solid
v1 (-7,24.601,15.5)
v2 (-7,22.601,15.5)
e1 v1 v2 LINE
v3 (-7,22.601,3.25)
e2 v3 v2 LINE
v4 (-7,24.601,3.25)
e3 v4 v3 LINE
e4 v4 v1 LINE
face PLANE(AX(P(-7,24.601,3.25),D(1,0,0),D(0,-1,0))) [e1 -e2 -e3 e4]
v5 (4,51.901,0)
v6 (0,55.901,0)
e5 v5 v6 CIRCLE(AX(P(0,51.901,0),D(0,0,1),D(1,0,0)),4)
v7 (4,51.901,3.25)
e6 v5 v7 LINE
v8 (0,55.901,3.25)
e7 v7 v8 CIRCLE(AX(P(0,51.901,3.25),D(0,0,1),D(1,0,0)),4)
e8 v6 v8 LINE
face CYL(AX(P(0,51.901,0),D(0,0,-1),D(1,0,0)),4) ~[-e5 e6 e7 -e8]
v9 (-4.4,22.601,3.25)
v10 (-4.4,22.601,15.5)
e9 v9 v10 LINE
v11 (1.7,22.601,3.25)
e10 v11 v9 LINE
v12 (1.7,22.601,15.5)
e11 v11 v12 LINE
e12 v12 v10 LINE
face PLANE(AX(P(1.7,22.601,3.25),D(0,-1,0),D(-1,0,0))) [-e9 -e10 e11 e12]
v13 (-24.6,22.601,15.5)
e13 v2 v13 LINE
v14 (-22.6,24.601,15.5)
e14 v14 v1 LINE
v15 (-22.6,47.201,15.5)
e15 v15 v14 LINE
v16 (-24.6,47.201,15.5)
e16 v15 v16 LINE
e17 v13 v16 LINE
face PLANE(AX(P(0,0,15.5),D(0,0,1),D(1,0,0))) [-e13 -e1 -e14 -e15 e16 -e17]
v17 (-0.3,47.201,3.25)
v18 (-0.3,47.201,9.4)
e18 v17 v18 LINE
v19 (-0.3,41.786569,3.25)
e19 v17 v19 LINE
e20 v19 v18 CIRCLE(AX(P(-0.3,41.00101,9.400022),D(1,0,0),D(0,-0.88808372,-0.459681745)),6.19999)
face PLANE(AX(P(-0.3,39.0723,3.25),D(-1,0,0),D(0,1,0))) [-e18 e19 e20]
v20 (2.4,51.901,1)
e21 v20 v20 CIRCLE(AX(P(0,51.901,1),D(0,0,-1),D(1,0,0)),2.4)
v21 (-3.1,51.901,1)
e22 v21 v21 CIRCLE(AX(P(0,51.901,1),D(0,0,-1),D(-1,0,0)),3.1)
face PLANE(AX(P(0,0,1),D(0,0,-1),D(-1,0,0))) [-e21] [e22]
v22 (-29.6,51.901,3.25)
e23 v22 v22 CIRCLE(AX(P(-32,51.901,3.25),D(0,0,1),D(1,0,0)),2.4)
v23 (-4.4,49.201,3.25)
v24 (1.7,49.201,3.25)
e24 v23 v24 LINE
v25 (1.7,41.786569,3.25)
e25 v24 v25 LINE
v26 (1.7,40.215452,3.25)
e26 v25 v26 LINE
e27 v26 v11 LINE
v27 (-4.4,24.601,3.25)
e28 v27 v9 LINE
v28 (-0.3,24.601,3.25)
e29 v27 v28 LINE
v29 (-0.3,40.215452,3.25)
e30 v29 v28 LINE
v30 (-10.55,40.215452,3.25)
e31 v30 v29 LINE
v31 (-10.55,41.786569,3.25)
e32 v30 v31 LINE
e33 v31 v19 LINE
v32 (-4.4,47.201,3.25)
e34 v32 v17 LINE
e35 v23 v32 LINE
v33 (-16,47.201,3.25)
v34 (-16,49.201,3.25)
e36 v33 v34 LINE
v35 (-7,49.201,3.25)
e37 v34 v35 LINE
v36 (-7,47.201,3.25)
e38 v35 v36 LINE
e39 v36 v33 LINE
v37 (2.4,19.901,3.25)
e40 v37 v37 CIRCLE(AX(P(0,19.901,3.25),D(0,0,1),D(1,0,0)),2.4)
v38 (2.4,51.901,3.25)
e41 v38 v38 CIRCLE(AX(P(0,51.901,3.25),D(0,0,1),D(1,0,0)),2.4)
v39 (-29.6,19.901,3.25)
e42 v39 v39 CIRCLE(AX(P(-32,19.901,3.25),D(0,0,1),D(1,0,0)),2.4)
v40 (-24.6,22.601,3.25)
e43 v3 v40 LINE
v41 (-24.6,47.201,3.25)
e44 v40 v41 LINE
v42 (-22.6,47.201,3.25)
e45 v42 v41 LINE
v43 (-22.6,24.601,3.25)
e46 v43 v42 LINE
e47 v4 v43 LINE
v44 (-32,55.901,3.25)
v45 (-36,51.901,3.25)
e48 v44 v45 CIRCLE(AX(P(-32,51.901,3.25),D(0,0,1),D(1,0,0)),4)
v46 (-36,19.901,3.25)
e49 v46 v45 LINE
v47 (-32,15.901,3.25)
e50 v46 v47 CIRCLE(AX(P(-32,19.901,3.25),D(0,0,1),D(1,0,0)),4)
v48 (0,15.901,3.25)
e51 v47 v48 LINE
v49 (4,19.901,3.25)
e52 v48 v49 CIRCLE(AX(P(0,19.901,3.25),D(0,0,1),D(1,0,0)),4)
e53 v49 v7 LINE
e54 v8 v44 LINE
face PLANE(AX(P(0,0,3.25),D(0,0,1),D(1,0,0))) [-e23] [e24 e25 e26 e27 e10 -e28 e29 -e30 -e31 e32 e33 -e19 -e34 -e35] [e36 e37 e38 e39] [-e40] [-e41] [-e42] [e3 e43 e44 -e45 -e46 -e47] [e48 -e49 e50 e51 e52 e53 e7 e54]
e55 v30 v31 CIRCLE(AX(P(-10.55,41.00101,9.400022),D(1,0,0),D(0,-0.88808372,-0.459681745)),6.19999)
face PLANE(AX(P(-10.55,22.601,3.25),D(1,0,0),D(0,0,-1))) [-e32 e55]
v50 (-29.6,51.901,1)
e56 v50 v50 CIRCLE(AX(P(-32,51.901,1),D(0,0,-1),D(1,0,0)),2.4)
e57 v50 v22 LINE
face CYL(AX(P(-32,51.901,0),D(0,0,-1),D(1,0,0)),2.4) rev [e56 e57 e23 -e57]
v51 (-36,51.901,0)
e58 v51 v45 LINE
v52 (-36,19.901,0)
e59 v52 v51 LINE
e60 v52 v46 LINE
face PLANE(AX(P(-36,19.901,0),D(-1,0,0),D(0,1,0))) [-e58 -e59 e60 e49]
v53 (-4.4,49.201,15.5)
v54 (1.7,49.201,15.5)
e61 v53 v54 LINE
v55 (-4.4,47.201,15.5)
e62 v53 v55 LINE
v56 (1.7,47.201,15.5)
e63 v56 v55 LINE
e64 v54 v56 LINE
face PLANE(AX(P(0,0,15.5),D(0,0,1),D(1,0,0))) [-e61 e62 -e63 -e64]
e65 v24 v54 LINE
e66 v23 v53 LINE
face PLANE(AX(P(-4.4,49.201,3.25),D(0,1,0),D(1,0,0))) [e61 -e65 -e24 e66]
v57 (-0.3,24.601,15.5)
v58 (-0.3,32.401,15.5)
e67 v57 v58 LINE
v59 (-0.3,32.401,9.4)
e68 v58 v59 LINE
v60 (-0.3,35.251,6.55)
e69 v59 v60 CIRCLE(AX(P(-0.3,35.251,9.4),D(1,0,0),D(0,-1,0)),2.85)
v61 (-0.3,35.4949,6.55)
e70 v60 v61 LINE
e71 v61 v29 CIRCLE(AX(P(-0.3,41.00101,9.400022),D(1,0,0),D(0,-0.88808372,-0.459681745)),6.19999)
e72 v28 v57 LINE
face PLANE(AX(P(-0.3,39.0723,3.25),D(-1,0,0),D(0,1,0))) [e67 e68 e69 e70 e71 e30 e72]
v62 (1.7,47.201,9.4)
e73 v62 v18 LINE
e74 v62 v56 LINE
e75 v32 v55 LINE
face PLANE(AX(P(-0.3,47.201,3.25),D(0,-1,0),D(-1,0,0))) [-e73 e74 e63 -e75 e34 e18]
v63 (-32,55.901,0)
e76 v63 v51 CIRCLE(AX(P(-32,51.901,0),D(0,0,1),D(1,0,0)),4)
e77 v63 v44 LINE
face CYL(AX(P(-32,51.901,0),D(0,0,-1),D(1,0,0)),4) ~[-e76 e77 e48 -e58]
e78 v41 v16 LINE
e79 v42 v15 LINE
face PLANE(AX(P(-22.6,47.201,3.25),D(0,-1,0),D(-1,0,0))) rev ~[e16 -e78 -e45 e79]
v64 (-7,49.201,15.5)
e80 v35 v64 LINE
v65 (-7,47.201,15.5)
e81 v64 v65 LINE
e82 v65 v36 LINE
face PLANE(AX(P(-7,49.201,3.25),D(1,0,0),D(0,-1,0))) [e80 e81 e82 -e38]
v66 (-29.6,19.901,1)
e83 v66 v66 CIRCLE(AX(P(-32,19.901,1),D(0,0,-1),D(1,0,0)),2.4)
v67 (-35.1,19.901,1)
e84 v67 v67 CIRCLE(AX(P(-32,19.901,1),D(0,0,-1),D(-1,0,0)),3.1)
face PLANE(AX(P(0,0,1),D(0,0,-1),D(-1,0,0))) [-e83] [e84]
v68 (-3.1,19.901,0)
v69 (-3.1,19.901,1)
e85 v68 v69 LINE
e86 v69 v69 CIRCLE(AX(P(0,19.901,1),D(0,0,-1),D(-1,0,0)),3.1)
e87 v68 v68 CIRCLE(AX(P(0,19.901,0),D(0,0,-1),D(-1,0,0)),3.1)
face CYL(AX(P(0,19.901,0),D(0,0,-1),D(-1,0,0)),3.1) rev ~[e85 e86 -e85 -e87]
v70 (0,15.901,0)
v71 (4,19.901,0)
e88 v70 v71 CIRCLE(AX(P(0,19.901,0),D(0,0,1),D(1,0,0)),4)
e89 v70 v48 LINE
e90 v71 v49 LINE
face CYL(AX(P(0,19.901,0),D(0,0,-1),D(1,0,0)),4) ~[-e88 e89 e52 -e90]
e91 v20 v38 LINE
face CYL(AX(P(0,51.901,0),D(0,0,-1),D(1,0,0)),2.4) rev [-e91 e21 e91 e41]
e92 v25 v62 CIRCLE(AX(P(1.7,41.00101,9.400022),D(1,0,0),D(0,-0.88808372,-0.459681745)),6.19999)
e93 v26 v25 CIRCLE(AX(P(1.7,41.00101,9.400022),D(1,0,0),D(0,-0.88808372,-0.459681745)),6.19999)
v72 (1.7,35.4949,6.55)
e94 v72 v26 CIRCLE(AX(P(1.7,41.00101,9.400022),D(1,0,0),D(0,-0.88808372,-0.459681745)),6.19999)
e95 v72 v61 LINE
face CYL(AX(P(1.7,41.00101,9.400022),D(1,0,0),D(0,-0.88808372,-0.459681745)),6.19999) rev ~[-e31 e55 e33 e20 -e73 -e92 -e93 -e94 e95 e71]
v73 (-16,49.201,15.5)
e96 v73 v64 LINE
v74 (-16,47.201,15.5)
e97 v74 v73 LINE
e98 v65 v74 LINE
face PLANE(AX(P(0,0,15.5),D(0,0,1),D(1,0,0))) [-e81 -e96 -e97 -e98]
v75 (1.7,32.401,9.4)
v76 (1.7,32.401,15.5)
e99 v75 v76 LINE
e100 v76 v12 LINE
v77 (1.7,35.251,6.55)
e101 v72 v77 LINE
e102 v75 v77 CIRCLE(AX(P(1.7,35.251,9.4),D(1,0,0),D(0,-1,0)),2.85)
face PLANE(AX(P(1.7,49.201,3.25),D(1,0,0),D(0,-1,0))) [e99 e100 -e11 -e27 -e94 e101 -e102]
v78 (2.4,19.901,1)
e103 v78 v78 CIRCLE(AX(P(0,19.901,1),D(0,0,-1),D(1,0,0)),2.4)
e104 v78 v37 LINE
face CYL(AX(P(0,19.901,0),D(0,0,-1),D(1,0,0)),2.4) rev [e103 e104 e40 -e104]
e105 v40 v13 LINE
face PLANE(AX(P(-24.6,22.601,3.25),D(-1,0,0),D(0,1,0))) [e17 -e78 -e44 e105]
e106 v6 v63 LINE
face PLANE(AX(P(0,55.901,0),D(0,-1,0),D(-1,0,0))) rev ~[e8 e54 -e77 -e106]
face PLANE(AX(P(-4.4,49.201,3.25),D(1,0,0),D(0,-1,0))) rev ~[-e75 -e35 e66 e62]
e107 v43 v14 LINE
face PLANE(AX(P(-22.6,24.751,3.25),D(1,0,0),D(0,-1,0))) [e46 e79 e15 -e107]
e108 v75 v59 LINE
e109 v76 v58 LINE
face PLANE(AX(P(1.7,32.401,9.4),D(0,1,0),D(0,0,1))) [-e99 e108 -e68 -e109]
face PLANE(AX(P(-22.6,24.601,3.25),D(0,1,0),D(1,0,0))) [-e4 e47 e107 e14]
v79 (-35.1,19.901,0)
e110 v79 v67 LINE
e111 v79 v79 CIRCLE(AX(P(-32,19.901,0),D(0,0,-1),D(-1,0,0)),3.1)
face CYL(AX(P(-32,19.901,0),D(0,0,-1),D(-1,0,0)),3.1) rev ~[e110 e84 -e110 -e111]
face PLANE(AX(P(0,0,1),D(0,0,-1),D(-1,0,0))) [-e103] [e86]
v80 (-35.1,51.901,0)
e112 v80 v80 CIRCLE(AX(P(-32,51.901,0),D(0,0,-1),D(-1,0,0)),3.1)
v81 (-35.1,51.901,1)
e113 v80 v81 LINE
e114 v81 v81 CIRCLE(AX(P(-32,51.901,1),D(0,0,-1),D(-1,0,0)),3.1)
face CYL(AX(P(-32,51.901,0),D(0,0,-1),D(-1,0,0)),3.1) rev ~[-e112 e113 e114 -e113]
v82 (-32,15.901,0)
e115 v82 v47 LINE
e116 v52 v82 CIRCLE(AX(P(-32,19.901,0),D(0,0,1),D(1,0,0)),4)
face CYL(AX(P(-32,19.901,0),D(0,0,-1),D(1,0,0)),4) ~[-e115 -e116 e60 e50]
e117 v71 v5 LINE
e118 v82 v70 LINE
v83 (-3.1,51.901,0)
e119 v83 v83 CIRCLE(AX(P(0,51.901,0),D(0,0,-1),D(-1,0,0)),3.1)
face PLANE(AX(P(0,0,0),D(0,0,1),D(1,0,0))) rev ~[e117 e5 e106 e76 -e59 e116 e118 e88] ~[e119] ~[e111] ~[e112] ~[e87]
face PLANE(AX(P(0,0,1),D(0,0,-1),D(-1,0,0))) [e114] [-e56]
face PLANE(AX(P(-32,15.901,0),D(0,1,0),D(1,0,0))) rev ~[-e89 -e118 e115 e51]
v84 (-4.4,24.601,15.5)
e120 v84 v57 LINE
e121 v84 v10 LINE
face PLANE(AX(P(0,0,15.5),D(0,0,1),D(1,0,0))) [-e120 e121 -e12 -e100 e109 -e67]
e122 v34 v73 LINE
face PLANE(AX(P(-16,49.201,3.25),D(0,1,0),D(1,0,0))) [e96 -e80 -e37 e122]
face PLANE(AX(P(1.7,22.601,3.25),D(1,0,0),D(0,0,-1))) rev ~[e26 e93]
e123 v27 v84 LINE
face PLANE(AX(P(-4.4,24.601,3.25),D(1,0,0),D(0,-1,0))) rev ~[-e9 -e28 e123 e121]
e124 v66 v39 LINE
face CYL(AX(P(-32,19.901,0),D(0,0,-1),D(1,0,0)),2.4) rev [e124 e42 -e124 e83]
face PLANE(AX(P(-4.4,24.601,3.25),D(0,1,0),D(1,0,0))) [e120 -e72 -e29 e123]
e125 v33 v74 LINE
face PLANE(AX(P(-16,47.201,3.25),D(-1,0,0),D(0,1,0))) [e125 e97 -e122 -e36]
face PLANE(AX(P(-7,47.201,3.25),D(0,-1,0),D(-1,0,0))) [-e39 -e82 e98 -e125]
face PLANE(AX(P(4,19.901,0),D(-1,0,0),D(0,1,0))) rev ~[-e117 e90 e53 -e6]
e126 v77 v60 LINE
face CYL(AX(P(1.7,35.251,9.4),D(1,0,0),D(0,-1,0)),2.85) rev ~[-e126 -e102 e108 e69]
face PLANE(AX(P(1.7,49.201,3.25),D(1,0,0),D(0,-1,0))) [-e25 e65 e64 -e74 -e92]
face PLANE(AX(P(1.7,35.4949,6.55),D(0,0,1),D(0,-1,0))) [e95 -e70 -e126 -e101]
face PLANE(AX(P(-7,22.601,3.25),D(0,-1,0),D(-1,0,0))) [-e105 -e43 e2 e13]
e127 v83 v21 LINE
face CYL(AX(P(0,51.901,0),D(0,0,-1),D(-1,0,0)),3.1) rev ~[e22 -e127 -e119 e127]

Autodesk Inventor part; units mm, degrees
ref_plane "YZ Plane" through (0, 0, 0) normal (1, 0, 0) x (0, 1, 0)
ref_plane "XZ Plane" through (0, 0, 0) normal (0, 1, 0) x (-1, 0, 0)
ref_plane "XY Plane" through (0, 0, 0) normal (0, 0, 1) x (1, 0, 0)
sketch "Esboço1" plane through (0, 0, 0) normal (0, 0, 1) x (1, 0, 0)
  circle A0 centre (0, 51.901) radius 2.4 projected
  circle A1 centre (0, 19.901) radius 2.4 projected
  circle A2 centre (-32, 19.901) radius 2.4 projected
  line L0 (-36, 3.901) -> (-36, 51.901) projected
  circle A3 centre (0, 19.901) radius 4
  circle A4 centre (0, 51.901) radius 4
  circle A5 centre (-32, 19.901) radius 4
  line L1 (-36, 15.901) -> (0, 15.901)
  line L2 (4, 19.901) -> (4, 51.901)
  line L3 (0, 55.901) -> (-36, 55.901)
  line L4 (-36, 55.901) -> (-36, 15.901)
  circle A6 centre (-32, 51.901) radius 4
  circle A7 centre (-32, 51.901) radius 2.4 projected
  point P0 (0, 0)
  point P1 (-36, 19.901)
  point P2 (-32, 15.901)
  point P3 (-32, 55.901)
  dimension "d0" = 8
  dimension "d1" = 8
  dimension "d2" = 8
  dimension "d12" = 8
extrude "Extrusão1" add sketch "Esboço1" along normal blind 3.25 contours L0 A6 L3 A4 L2 A3 L1 A5 | A5 | A6 | A3 | A4
sketch "Esboço2" plane through (0, 0, 3.25) normal (0, 0, 1) x (1, 0, 0)
  arc A0 (-22.6, 24.751) -> (-22.45, 24.601) centre (-22.45, 24.751) ccw projected
  line L0 (-0.3, 39.0723) -> (-0.3, 24.751) projected
  line L1 (-4.4, 47.201) -> (-0.45, 47.201) projected
  line L2 (-0.3, 24.601) -> (-0.3, 47.201)
  line L3 (-22.6, 47.201) -> (-22.6, 24.601)
  line L4 (1.7, 49.201) -> (1.7, 22.601)
  line L5 (-24.6, 22.601) -> (-24.6, 47.201)
  line L6 (-22.6, 47.201) -> (-24.6, 47.201)
  line L7 (-7, 49.201) -> (-7, 47.201)
  line L8 (-4.4, 49.201) -> (-4.4, 47.201)
  line L9 (-4.4, 24.601) -> (-4.4, 22.601)
  line L10 (-7, 24.601) -> (-7, 22.601)
  line L11 (-22.6, 24.601) -> (-7, 24.601)
  line L12 (-4.4, 24.601) -> (-0.3, 24.601)
  line L13 (1.7, 22.601) -> (-4.4, 22.601)
  line L14 (-7, 22.601) -> (-24.6, 22.601)
  line L15 (-16, 49.201) -> (-7, 49.201)
  line L16 (-4.4, 49.201) -> (1.7, 49.201)
  line L17 (-0.3, 47.201) -> (-4.4, 47.201)
  line L18 (-7, 47.201) -> (-16, 47.201)
  line L19 (-16, 47.201) -> (-16, 49.201)
  point P0 (0, 0)
extrude "Extrusão2" add sketch "Esboço2" along normal blind 12.25 contours L3 L11 L10 L14 L5 L6 | L2 L17 L1 L8 L16 L4 L13 L9 L12 L0 | L7 L18 L19 L15
sketch "Esboço3" plane through (1.7, 22.601, 3.25) normal (1, 0, 0) x (0, 0, -1)
  arc A0 (-6.15, 9.8) -> (-3.3, 12.65) centre (-6.15, 12.65) ccw
  line L0 (-3.3, 12.8939) -> (-3.3, 12.65)
  line L1 (-6.15, 9.8) -> (-12.25, 9.8)
  line L2 (-12.25, 24.6) -> (-12.25, 0) projected
  line L3 (0, 24.6) -> (-12.25, 24.6) projected
  line L4 (-6.15, 24.6) -> (-12.25, 24.6)
  arc A1 (-3.3, 12.8939) -> (-6.15, 24.6) centre (-6.15, 18.4) ccw
  point P0 (3.25, -22.601)
extrude "Extrusão3" cut sketch "Esboço3" against normal blind 12.25
sketch "Esboço4" plane through (0, 0, 0) normal (0, 0, -1) x (-1, 0, 0)
  circle A0 centre (0, 19.901) radius 2.4 projected
  circle A1 centre (32, 19.901) radius 2.4 projected
  circle A2 centre (0, 51.901) radius 2.4 projected
  circle A3 centre (32, 51.901) radius 2.4 projected
  circle A4 centre (32, 51.901) radius 3.1 projected
  circle A5 centre (0, 51.901) radius 3.1 projected
  circle A6 centre (0, 19.901) radius 3.1 projected
  circle A7 centre (32, 19.901) radius 3.1 projected
  point P0 (0, 0)
extrude "Extrusão4" cut sketch "Esboço4" against normal blind 1
properties part number "apoio servo"
